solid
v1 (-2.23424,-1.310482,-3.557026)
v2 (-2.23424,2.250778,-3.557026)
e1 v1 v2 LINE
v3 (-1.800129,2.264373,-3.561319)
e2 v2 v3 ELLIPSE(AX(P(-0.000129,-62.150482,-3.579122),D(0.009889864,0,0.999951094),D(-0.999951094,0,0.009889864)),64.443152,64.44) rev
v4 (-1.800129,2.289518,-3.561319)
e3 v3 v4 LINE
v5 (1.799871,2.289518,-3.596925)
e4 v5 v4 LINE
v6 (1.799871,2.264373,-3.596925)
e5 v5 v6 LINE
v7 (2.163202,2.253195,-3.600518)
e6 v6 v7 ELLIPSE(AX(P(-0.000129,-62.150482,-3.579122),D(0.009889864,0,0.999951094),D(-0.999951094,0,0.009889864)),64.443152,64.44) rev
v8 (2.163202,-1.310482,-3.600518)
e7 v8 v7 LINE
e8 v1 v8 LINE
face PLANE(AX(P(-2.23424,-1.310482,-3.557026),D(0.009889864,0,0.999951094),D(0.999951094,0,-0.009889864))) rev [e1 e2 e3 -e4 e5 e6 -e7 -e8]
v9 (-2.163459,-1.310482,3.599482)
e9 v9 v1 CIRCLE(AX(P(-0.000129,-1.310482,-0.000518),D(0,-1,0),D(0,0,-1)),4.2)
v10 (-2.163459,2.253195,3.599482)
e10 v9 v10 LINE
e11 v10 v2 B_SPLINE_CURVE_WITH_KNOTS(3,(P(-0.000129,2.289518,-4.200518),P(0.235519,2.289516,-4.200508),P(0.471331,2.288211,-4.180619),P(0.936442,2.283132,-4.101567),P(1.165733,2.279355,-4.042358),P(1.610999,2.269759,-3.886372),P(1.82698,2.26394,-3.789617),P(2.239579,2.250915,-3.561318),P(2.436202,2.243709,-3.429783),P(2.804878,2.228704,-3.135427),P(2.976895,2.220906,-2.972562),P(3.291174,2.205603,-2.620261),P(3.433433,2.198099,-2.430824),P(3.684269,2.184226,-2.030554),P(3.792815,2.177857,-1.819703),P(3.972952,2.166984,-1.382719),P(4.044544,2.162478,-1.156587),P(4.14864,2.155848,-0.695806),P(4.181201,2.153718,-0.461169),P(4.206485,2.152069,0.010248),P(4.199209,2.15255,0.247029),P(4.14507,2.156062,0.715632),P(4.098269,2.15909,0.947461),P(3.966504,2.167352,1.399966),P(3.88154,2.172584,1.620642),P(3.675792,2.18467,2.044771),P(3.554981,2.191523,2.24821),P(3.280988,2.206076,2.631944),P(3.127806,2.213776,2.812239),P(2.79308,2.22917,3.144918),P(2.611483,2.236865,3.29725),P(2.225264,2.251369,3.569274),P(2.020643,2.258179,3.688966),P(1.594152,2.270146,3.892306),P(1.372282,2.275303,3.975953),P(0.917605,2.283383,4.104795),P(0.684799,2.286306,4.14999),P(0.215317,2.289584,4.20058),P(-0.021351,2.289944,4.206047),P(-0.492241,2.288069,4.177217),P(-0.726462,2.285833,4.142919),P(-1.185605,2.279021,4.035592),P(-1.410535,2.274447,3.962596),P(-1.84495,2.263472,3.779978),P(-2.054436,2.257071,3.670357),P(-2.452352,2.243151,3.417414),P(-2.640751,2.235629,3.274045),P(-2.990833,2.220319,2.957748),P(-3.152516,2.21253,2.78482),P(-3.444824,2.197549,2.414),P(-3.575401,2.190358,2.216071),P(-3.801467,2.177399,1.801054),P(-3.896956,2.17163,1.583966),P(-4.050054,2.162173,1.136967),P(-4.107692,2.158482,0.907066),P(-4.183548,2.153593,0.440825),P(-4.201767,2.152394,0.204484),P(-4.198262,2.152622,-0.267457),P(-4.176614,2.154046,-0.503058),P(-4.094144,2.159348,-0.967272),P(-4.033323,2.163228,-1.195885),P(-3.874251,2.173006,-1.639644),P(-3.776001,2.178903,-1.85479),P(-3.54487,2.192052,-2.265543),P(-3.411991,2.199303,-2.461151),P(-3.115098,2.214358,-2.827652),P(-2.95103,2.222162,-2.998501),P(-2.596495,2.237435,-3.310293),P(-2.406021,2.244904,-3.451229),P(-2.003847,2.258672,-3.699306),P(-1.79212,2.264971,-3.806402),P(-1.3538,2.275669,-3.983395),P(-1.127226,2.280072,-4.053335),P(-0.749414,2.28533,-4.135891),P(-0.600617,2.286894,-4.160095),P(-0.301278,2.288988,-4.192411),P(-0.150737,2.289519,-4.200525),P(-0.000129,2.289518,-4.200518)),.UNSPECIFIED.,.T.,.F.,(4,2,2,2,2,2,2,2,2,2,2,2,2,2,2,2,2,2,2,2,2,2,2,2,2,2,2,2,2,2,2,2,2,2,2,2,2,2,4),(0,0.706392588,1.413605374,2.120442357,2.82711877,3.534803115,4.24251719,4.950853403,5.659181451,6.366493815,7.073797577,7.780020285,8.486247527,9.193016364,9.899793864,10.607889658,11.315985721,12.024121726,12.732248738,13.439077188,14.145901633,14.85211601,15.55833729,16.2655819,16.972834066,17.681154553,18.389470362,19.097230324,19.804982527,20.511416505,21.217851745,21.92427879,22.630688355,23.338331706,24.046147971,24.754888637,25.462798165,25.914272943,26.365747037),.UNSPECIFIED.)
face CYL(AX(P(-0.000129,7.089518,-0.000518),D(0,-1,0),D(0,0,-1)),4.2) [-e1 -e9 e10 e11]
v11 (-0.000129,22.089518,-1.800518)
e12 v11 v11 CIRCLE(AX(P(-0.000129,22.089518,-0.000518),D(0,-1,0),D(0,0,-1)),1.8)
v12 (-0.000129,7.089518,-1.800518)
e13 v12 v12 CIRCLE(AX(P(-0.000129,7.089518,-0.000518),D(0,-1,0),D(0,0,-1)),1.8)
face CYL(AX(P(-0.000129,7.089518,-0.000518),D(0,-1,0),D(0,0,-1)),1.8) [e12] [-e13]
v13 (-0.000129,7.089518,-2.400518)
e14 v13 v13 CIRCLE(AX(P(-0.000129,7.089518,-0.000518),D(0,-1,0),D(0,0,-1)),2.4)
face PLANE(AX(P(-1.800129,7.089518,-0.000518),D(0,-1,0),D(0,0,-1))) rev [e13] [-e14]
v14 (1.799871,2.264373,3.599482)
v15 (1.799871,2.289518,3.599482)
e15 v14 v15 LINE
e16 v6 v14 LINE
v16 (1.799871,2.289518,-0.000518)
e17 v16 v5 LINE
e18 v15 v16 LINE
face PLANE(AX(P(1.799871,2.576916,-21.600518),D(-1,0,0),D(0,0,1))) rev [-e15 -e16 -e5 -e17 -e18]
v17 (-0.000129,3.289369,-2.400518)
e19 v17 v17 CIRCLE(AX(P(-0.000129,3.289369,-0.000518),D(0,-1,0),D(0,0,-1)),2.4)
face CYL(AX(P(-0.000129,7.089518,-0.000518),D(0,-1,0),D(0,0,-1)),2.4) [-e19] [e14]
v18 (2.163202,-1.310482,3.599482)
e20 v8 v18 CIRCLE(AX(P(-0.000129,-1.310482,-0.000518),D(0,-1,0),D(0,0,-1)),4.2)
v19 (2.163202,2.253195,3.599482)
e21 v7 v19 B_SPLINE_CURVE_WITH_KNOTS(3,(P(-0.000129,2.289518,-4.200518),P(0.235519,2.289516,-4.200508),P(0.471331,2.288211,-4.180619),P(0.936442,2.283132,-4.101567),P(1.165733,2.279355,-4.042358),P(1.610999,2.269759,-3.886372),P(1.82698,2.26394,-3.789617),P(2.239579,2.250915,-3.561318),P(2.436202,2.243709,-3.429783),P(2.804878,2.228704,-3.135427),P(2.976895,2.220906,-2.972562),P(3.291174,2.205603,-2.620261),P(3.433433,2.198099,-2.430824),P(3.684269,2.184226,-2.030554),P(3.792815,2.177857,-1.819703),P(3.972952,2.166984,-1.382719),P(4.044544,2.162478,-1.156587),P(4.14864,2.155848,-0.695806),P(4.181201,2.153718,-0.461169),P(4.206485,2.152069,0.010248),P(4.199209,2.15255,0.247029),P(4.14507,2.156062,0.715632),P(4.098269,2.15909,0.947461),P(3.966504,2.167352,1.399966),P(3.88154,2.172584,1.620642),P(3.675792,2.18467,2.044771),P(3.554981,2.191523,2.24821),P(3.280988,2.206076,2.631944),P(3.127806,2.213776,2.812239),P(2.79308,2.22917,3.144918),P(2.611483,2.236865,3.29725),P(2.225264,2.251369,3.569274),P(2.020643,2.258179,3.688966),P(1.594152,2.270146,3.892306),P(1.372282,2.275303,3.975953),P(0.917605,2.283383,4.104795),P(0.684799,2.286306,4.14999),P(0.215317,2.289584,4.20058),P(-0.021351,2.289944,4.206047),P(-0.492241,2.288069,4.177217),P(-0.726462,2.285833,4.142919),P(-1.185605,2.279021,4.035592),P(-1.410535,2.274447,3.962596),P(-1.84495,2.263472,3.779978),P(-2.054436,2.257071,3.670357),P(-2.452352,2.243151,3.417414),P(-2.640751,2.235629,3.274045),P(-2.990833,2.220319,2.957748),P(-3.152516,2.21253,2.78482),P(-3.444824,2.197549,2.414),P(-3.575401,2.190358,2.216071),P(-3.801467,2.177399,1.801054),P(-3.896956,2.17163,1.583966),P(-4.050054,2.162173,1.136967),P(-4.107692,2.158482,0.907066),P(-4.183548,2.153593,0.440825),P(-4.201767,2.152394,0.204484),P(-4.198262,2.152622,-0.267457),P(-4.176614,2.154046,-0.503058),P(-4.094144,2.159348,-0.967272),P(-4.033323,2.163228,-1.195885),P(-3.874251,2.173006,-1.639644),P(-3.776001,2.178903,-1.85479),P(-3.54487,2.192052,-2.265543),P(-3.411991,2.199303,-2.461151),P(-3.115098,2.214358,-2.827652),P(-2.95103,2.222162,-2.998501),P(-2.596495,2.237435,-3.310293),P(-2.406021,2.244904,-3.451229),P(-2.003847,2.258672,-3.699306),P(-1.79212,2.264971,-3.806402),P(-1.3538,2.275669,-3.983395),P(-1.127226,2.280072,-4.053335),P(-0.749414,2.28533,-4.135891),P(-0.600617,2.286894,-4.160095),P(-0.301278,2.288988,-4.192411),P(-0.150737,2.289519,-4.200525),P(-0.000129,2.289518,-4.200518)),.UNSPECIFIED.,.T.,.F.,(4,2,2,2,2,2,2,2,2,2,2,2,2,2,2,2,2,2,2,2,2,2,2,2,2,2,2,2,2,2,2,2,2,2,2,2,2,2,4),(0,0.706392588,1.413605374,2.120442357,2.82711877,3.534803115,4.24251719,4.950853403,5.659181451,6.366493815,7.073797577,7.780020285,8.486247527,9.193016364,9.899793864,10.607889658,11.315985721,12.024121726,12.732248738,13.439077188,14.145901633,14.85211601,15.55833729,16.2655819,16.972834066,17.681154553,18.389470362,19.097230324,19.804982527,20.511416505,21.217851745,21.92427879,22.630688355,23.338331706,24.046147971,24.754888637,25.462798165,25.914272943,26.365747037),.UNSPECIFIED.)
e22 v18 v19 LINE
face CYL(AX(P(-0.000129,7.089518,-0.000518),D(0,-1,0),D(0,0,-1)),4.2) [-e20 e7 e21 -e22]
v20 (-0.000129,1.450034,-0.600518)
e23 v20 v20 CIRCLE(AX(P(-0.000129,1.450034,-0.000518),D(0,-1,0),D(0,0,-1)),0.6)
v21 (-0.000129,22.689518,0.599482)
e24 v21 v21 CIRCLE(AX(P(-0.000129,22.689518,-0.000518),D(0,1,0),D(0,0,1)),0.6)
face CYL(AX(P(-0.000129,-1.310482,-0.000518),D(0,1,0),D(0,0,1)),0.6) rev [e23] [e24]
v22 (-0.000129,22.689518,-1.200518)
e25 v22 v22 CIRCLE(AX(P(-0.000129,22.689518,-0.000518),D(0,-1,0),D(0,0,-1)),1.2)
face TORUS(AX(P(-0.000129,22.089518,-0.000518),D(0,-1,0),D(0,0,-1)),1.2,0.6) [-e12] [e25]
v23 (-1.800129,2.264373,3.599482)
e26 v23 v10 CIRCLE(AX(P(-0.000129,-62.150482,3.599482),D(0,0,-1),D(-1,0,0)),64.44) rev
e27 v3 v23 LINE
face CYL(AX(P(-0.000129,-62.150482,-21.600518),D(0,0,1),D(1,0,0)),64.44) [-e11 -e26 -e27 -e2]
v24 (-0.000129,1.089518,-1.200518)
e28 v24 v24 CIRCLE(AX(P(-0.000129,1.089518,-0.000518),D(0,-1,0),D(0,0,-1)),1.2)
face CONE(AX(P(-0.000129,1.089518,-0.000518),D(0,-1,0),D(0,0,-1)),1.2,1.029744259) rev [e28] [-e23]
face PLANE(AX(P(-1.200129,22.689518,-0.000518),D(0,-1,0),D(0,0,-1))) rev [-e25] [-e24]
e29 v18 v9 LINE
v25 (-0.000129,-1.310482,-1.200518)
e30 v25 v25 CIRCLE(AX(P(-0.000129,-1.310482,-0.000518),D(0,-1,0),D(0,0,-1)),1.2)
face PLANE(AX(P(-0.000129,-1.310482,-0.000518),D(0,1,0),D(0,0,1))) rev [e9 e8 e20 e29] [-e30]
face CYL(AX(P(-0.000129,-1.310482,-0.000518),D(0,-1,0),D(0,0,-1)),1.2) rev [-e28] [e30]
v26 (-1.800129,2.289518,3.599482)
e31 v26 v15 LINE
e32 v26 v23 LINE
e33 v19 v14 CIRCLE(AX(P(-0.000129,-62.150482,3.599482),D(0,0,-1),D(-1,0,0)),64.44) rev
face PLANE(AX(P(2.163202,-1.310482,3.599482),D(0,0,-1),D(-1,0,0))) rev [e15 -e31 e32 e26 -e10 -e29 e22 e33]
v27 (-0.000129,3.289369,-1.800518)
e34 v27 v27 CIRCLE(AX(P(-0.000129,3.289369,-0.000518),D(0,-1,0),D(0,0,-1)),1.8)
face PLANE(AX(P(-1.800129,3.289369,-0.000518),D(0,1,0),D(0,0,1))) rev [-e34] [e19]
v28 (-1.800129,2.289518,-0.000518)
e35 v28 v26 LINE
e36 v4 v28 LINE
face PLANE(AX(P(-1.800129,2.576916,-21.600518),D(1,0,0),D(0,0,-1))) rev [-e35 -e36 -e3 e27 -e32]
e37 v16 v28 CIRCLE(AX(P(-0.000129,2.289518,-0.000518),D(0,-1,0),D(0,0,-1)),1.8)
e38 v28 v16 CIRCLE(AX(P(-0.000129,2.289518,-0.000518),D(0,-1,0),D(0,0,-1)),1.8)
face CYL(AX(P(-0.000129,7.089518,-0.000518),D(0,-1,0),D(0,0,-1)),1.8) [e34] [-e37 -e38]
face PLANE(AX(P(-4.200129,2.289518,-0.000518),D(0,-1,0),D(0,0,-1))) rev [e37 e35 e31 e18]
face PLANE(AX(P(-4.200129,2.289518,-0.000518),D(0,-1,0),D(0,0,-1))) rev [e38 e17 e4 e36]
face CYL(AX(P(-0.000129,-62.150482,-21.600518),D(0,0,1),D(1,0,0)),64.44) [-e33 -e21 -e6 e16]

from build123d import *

# Parameters (mm, degrees)
SKETCH2_R                 = 0.5
CUT_EXTRUDE2_DEPTH        = 21.603397778
F_2_0MM_DOWEL_HOLE1_D     = 2
F_2_0MM_DOWEL_HOLE1_DEPTH = 2
F_2_0MM_DOWEL_HOLE1_TIP   = 0.600860619
CUT_EXTRUDE3_DEPTH        = 21.603397778
CUT_EXTRUDE4_DEPTH        = 5
CUT_EXTRUDE4_DEPTH_BACK   = 18
SCALE1_SCALE              = 1.2


with BuildPart() as part:
    # Sketch1 → Revolve2 (revolve)
    with BuildSketch(Plane.XY, mode=Mode.PRIVATE) as revolve2_sk:
        with BuildLine():
            Line((0, 0), (-3.5, 0))
            Line((-3.5, 0), (-3.5, 3))
            Line((-3.5, 3), (-1.5, 3))
            Line((-1.5, 3), (-1.5, 3.833209081))
            Line((-1.5, 3.833209081), (-2, 3.833209081))
            Line((-2, 3.833209081), (-2, 7))
            Line((-2, 7), (-1.5, 7))
            Line((-1.5, 7), (-1.5, 19.5))
            ThreePointArc((-1.5, 19.5), (-1.353553391, 19.853553391), (-1, 20))
            Line((-1, 20), (0, 20))
            Line((0, 20), (0, 0))
        make_face()
    revolve(revolve2_sk.sketch.rotate(Axis((0, 7, 0), (0, 1, 0)), 270), axis=Axis((0, 7, 0), (0, 1, 0)))

    # Sketch2 → Cut-Extrude2 (cut, through all)
    with BuildSketch(Plane(origin=(0, 20, 0), x_dir=(1, 0, 0), z_dir=(0, 1, 0))):
        with Locations(Location((0, 0, 0), (0, 0, 270))):
            Circle(SKETCH2_R)
    extrude(amount=-CUT_EXTRUDE2_DEPTH, mode=Mode.SUBTRACT)

    # Ø2.0mm Dowel Hole1
    with Locations(Plane(origin=(0, 0, 0), x_dir=(-1, 0, 0), z_dir=(0, -1, 0))):
        with Locations((0, 0)):
            Hole(F_2_0MM_DOWEL_HOLE1_D / 2, depth=F_2_0MM_DOWEL_HOLE1_DEPTH)
            with Locations((0, 0, -(F_2_0MM_DOWEL_HOLE1_DEPTH + F_2_0MM_DOWEL_HOLE1_TIP / 2))):  # 118° drill point
                Cone(0, F_2_0MM_DOWEL_HOLE1_D / 2, F_2_0MM_DOWEL_HOLE1_TIP, mode=Mode.SUBTRACT)

    # Sketch6 → Cut-Extrude3 (cut, through all)
    with BuildSketch(Plane(origin=(0, 20, 0), x_dir=(1, 0, 0), z_dir=(0, 1, 0))):
        with BuildLine():
            Line((1.802775638, -3), (-1.802775638, -3))
            ThreePointArc((-1.802775638, -3), (0, -3.5), (1.802775638, -3))
        make_face()
        with BuildLine():
            Line((-1.861759264, 2.963756475), (1.802775638, 3))
            ThreePointArc((1.802775638, 3), (-0.034614525, 3.499828829), (-1.861759264, 2.963756475))
        make_face()
    extrude(amount=-CUT_EXTRUDE3_DEPTH, mode=Mode.SUBTRACT)

    # Sketch7 → Cut-Extrude4 (cut, two sides: drawn at the far end of the back side and taken through both)
    with BuildSketch(Plane.XY.offset(-CUT_EXTRUDE4_DEPTH_BACK)):
        with BuildLine():
            Line((-4.156062939, 2.838931077), (-4.156062939, 3.239498592))
            Line((-4.156062939, 3.239498592), (-1.5, 3.239498592))
            Line((-1.5, 3.239498592), (-1.5, 2.979046191))
            ThreePointArc((-1.5, 2.979046191), (-2.828899089, 2.925435476), (-4.156062939, 2.838931077))
        make_face()
        with BuildLine():
            Line((4.156062939, 3.239498592), (1.5, 3.239498592))
            Line((1.5, 3.239498592), (1.5, 2.979046191))
            ThreePointArc((1.5, 2.979046191), (2.828899089, 2.925435476), (4.156062939, 2.838931077))
            Line((4.156062939, 2.838931077), (4.156062939, 3.239498592))
        make_face()
    extrude(amount=CUT_EXTRUDE4_DEPTH + CUT_EXTRUDE4_DEPTH_BACK, mode=Mode.SUBTRACT)


with BuildPart() as part_1:
    # Scale1: scaled about (0.000542722, 6.55250098, 0.00261842)
    add(part.part.scale(SCALE1_SCALE).moved(Location((-0.000108544, -1.310500196, -0.000523684))))


solid = part_1.part
